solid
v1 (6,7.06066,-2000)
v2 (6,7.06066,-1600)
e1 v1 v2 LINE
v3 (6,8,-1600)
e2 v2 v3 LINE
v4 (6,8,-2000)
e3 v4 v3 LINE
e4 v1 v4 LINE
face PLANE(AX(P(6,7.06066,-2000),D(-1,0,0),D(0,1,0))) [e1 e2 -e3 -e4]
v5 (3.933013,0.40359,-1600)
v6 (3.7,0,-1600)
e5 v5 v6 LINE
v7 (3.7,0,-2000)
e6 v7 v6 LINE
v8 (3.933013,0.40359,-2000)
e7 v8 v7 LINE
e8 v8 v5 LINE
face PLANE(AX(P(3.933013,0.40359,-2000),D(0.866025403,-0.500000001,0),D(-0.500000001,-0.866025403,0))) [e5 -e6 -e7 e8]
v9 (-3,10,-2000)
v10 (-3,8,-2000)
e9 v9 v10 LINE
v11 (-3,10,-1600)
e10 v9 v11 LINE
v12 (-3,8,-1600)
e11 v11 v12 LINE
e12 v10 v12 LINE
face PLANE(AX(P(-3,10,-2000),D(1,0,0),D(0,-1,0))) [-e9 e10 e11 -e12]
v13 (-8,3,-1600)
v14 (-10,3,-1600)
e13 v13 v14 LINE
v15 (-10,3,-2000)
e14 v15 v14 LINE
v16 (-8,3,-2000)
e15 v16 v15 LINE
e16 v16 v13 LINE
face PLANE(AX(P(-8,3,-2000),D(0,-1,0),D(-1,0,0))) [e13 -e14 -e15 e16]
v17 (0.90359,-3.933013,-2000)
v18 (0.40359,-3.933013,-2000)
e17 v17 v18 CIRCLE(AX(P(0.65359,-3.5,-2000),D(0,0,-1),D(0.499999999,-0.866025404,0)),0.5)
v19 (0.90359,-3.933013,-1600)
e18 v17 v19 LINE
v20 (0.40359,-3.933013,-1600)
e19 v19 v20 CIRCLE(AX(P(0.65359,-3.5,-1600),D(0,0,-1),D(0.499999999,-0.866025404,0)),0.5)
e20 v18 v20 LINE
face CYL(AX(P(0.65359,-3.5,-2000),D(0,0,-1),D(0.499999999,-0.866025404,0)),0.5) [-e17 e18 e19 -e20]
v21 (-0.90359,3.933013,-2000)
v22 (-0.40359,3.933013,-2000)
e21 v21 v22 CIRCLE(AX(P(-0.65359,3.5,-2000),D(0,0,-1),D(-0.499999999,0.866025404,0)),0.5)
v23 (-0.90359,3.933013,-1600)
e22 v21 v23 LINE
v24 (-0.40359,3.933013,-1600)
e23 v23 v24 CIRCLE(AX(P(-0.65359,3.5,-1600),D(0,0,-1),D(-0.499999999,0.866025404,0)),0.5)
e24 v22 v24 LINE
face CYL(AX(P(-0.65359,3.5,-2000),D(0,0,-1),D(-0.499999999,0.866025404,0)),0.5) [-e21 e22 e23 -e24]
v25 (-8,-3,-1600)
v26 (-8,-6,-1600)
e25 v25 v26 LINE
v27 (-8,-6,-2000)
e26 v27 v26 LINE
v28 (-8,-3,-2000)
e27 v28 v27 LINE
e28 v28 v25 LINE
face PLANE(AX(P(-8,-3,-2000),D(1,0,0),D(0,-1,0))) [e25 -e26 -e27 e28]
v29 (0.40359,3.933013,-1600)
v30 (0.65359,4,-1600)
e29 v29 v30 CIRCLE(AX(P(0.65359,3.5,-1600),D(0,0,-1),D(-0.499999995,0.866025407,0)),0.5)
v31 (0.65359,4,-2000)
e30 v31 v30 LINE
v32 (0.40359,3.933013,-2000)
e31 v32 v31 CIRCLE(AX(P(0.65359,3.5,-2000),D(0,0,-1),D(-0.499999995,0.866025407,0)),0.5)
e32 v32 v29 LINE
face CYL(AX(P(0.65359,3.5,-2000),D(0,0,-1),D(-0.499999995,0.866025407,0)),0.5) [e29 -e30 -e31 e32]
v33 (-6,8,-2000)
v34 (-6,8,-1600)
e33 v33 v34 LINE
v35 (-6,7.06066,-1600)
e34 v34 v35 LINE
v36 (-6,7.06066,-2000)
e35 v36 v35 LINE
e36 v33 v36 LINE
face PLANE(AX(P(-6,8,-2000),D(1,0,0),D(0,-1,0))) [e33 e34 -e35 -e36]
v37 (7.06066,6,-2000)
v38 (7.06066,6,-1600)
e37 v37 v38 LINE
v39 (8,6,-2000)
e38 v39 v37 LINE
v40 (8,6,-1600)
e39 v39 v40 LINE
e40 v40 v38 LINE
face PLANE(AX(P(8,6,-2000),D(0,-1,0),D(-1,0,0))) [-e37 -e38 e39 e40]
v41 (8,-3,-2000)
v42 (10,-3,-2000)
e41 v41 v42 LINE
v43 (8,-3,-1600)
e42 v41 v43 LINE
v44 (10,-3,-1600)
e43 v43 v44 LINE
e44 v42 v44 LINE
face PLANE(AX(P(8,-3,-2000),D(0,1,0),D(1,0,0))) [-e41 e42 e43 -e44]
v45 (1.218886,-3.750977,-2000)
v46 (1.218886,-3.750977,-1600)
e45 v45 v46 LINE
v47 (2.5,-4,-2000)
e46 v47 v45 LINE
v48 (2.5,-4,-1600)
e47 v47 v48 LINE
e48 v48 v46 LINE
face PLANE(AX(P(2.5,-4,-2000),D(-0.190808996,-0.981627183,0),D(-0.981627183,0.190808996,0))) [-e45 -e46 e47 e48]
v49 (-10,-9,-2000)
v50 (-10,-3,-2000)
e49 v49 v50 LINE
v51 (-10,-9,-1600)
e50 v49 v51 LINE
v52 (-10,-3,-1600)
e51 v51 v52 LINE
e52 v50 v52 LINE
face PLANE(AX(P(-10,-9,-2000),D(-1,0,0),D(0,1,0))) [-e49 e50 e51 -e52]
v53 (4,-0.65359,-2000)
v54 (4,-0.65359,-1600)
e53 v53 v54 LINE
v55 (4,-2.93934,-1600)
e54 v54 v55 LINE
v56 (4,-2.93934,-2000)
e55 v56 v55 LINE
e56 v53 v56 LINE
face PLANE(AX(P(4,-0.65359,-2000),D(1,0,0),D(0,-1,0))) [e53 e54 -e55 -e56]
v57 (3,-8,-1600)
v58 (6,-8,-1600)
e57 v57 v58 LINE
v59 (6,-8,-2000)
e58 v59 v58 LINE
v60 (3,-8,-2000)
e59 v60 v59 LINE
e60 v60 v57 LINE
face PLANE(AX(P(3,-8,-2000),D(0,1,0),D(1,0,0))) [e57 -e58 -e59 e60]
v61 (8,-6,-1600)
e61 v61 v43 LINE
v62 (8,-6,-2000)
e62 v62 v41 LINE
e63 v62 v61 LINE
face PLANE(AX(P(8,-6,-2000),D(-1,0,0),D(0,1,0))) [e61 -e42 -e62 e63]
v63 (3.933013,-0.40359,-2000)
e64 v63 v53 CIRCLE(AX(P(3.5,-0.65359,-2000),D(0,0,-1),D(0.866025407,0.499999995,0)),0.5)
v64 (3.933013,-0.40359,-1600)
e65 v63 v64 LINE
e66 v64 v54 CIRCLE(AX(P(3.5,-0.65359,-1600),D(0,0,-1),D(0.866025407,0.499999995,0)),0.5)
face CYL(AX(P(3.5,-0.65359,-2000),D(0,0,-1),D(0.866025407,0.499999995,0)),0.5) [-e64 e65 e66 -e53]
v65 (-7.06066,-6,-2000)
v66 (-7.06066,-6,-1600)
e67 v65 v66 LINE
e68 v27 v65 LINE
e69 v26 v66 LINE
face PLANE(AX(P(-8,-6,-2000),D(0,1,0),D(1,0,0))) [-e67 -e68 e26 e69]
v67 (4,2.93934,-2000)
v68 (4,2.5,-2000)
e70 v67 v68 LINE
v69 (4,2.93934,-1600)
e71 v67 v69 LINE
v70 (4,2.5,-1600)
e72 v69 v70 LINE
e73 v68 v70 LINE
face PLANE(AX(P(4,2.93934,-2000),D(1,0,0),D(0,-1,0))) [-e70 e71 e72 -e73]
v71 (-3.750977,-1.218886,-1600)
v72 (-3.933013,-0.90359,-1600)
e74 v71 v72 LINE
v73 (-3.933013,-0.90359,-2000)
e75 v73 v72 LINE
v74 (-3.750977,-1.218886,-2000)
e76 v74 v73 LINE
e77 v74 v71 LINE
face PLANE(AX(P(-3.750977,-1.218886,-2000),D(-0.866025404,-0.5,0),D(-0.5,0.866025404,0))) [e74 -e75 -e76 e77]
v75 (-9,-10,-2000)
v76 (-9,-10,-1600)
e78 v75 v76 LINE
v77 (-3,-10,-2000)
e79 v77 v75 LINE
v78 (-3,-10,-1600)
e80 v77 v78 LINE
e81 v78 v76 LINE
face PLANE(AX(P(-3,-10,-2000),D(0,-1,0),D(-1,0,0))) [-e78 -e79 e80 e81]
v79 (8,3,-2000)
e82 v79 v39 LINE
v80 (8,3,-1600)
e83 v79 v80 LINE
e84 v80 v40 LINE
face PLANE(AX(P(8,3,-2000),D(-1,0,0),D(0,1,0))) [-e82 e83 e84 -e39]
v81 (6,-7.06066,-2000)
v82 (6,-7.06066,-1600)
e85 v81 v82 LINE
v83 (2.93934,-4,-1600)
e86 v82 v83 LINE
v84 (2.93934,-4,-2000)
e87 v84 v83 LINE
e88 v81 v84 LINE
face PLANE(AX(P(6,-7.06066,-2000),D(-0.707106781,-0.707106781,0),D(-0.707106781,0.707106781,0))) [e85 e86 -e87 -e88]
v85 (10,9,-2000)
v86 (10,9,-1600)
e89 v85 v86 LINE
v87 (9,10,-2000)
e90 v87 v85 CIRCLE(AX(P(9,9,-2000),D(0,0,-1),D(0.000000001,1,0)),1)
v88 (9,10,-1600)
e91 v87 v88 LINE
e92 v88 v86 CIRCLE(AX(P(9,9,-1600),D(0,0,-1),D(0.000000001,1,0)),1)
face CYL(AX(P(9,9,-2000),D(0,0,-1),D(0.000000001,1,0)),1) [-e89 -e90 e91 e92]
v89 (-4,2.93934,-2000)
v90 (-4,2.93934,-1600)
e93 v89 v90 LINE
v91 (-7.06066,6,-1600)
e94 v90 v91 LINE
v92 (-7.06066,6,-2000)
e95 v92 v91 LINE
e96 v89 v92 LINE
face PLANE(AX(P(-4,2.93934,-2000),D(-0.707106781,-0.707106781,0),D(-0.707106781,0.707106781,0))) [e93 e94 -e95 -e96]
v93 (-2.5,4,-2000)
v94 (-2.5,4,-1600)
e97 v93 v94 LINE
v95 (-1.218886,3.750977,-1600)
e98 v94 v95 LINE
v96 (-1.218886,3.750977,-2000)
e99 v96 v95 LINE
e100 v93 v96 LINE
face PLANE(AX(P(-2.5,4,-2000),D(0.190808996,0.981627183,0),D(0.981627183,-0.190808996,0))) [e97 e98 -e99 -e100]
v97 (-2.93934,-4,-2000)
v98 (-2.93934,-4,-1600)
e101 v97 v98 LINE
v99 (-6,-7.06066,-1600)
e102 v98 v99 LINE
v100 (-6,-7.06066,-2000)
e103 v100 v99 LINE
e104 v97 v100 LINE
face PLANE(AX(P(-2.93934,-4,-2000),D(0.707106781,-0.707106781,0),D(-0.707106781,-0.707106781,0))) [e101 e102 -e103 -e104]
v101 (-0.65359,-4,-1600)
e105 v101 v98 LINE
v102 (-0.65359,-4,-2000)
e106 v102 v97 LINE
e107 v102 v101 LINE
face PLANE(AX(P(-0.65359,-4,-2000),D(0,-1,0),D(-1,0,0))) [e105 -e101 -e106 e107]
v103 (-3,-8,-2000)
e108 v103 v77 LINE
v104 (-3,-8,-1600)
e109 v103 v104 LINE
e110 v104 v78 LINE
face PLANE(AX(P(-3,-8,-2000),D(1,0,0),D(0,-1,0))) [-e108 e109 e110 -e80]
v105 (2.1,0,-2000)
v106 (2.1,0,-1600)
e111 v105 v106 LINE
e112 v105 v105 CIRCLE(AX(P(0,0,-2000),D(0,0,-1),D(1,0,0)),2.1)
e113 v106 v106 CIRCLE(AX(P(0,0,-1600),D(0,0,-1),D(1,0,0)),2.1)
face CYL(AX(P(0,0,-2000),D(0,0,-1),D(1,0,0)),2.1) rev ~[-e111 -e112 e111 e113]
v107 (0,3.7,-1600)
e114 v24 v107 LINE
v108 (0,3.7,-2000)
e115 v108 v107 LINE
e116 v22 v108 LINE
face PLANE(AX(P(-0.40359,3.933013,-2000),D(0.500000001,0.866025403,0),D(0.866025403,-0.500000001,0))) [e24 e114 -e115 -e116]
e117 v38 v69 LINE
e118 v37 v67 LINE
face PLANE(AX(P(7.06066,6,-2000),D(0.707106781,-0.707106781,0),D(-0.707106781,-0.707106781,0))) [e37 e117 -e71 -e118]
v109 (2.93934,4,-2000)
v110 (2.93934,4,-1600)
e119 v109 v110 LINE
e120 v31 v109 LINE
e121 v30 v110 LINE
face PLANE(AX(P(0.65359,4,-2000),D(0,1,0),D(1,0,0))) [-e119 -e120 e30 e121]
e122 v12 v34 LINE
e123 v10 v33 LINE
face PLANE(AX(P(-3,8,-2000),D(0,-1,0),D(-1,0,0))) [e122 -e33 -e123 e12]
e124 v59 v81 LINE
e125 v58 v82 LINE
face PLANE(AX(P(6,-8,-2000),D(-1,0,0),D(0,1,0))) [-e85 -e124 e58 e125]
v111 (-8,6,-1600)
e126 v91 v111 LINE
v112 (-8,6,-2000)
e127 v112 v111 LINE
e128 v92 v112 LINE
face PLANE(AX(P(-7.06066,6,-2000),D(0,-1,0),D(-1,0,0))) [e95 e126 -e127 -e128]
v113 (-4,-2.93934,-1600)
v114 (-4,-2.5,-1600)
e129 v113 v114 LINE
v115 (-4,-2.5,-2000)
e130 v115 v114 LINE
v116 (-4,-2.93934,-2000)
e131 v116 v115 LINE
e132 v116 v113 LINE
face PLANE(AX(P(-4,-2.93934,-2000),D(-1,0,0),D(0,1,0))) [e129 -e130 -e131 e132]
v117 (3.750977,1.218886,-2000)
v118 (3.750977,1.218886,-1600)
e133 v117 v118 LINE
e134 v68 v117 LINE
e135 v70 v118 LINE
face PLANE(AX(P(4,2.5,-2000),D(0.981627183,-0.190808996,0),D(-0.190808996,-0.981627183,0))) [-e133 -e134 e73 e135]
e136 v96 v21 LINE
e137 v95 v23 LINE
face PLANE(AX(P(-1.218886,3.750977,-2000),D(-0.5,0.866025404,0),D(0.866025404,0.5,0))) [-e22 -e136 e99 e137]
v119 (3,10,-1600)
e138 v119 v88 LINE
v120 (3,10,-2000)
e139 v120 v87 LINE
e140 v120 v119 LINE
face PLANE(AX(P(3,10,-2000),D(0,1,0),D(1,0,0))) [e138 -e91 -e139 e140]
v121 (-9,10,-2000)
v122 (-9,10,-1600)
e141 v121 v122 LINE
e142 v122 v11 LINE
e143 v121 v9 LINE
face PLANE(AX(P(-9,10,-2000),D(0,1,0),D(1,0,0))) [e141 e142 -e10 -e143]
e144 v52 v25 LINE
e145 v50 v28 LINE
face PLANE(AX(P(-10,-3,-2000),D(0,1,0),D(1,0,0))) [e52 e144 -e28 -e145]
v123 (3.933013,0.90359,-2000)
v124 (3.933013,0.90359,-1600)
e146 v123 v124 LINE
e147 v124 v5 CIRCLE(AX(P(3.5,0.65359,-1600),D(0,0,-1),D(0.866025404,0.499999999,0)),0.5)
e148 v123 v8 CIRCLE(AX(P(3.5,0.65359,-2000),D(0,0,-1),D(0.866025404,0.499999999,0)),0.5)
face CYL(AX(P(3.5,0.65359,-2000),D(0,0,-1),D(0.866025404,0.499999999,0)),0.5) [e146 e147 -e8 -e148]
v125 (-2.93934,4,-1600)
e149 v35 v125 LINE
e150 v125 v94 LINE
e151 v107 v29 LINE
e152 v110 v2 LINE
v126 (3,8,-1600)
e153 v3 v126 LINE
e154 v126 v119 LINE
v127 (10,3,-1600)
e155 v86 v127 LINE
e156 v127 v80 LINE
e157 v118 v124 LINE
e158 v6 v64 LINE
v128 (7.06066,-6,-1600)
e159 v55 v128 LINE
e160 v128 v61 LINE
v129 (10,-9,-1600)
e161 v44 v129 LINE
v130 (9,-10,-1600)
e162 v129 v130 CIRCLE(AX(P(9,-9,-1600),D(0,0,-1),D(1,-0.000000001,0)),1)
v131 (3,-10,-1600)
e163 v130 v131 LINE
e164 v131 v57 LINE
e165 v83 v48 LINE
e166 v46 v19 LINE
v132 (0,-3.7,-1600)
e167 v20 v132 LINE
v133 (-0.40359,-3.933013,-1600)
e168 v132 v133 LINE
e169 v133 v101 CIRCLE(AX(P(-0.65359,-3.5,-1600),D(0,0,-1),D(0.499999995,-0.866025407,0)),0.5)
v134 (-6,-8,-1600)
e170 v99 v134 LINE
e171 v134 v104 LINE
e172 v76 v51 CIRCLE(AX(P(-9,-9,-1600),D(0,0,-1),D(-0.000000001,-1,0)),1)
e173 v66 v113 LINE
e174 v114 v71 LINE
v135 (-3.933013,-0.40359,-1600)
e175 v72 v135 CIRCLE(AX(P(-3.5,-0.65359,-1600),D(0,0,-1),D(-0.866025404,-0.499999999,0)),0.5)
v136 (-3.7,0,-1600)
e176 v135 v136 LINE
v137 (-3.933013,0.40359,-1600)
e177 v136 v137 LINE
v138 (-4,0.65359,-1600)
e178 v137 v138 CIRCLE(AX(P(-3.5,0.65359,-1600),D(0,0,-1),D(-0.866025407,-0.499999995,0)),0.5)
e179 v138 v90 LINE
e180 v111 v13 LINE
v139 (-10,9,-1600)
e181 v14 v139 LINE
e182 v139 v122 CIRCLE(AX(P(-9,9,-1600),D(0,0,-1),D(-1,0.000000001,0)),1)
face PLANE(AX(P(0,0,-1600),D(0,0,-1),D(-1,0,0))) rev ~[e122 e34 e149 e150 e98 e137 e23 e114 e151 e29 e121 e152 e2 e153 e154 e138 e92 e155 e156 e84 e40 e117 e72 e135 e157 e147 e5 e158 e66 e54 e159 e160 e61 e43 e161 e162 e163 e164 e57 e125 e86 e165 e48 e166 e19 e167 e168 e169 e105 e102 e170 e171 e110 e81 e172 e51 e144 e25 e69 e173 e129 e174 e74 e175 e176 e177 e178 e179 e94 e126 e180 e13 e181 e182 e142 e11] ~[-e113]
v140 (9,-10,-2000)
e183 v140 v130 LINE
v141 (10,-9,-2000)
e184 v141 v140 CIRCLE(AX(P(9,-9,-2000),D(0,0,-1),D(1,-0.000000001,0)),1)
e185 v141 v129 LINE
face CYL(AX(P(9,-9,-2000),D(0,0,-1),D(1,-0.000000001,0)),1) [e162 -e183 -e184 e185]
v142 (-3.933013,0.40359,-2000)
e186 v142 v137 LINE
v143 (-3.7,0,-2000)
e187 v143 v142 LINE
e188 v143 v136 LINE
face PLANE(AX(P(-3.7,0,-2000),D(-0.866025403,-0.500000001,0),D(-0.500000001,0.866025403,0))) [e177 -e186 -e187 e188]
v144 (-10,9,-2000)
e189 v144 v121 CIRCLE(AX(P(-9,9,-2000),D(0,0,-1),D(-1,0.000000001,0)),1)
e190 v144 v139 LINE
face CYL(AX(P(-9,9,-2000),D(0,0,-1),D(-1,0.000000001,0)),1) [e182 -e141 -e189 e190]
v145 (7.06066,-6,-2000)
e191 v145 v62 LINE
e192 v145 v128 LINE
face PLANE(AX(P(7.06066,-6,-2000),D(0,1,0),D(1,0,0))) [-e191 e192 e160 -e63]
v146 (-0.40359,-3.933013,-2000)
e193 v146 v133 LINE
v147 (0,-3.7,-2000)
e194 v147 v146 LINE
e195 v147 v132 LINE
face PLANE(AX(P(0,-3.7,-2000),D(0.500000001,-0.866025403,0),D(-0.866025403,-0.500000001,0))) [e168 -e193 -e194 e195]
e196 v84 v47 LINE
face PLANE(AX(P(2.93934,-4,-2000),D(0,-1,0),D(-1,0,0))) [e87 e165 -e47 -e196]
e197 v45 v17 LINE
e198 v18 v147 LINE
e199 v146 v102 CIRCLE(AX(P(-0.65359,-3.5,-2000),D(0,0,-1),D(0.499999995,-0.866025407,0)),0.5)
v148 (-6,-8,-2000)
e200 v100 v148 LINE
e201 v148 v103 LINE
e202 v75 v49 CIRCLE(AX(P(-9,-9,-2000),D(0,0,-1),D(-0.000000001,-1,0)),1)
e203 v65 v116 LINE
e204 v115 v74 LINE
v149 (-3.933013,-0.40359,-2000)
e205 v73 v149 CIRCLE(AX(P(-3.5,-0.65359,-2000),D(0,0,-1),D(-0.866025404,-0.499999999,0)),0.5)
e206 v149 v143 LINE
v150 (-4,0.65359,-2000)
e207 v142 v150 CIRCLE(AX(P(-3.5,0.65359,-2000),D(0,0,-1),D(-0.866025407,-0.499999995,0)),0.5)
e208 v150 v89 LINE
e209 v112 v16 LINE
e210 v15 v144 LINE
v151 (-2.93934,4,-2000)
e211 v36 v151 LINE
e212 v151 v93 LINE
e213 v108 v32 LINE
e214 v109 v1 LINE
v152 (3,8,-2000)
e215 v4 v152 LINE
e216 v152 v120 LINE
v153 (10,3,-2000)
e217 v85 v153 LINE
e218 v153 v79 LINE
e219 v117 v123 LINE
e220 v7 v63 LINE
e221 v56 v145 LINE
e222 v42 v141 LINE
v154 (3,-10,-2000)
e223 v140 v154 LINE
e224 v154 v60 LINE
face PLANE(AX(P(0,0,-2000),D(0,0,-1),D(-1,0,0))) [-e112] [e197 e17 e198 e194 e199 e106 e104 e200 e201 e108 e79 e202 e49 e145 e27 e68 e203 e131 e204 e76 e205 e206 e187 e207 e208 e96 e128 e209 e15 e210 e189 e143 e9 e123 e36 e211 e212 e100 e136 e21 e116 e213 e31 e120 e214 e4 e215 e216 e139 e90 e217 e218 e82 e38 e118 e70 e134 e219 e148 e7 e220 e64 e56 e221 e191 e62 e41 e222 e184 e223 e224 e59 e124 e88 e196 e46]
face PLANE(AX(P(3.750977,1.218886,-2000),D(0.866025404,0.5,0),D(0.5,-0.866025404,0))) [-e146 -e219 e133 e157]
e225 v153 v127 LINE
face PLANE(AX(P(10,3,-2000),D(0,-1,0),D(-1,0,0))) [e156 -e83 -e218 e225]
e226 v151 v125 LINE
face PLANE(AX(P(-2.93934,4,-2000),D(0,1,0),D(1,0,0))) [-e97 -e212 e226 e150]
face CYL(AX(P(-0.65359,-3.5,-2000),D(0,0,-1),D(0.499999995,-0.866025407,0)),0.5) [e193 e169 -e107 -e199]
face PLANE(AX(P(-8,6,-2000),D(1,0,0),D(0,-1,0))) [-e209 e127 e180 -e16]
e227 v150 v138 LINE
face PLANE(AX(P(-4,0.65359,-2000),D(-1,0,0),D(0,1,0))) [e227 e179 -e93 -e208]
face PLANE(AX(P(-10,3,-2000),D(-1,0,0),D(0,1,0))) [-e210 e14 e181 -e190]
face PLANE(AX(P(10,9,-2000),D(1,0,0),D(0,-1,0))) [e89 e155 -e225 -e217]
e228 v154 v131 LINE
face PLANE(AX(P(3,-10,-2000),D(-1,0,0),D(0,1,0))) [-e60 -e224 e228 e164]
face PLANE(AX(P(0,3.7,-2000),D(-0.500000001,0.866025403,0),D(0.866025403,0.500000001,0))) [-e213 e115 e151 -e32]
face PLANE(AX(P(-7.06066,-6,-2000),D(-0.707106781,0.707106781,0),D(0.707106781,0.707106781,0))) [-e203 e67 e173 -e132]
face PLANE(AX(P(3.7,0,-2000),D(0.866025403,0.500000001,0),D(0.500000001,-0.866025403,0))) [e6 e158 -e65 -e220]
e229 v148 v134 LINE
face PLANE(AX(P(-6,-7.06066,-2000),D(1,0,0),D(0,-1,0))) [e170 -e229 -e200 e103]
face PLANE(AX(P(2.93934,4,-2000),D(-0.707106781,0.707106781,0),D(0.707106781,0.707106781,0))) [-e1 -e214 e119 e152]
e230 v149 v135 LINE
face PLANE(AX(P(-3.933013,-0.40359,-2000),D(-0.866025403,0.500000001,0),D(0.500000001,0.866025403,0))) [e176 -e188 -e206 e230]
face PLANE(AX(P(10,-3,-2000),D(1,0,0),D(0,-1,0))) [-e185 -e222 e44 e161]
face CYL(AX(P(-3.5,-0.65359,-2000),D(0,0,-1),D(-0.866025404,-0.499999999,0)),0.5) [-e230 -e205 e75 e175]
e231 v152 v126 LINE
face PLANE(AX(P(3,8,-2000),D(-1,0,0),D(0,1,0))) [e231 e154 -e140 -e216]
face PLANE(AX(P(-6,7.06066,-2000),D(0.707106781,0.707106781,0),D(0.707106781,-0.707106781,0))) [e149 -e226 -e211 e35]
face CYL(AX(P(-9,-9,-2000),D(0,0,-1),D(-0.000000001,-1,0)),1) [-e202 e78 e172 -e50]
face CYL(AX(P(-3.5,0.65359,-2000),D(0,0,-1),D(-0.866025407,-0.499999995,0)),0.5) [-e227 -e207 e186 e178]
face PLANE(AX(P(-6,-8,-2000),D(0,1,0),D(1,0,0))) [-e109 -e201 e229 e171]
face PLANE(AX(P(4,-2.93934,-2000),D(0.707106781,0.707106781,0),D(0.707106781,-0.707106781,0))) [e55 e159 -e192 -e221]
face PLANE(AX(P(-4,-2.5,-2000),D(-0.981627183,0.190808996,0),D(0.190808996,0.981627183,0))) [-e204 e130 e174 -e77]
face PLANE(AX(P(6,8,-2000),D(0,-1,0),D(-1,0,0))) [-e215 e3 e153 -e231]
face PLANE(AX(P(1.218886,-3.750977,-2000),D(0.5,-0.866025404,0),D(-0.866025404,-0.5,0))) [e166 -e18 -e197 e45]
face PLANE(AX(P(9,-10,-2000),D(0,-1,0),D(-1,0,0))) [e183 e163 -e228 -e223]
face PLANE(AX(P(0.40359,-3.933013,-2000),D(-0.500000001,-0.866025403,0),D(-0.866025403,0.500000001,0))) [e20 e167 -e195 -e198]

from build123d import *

# Parameters (mm, degrees)
SKETCH1_R           = 2.1
BOSS_EXTRUDE1_DEPTH = 400


with BuildPart() as part:
    # Sketch1 → Boss-Extrude1 (new body)
    with BuildSketch(Plane(origin=(0, 0, -2000), x_dir=(-1, 0, 0), z_dir=(0, 0, -1))):
        with BuildLine():
            Line((10, -3), (8, -3))
            Line((8, -3), (8, -6))
            Line((8, -6), (7.060660172, -6))
            Line((7.060660172, -6), (4, -2.939339828))
            Line((4, -2.939339828), (4, -2.5))
            Line((4, -2.5), (3.750976592, -1.218885629))
            Line((3.750976592, -1.218885629), (3.933012702, -0.903589838))
            ThreePointArc((3.933012702, -0.903589838), (4, -0.653589838), (3.933012702, -0.403589838))
            Line((3.933012702, -0.403589838), (3.7, 0))
            Line((3.7, 0), (3.933012702, 0.403589838))
            ThreePointArc((3.933012702, 0.403589838), (3.982962913, 0.524180316), (4, 0.653589838))
            Line((4, 0.653589838), (4, 2.939339828))
            Line((4, 2.939339828), (7.060660172, 6))
            Line((7.060660172, 6), (8, 6))
            Line((8, 6), (8, 3))
            Line((8, 3), (10, 3))
            Line((10, 3), (10, 9))
            ThreePointArc((10, 9), (9.707106781, 9.707106781), (9, 10))
            Line((9, 10), (3, 10))
            Line((3, 10), (3, 8))
            Line((3, 8), (6, 8))
            Line((6, 8), (6, 7.060660172))
            Line((6, 7.060660172), (2.939339828, 4))
            Line((2.939339828, 4), (2.5, 4))
            Line((2.5, 4), (1.218885629, 3.750976592))
            Line((1.218885629, 3.750976592), (0.903589838, 3.933012702))
            ThreePointArc((0.903589838, 3.933012702), (0.653589838, 4), (0.403589838, 3.933012702))
            Line((0.403589838, 3.933012702), (0, 3.7))
            Line((0, 3.7), (-0.403589838, 3.933012702))
            ThreePointArc((-0.403589838, 3.933012702), (-0.524180316, 3.982962913), (-0.653589838, 4))
            Line((-0.653589838, 4), (-2.939339828, 4))
            Line((-2.939339828, 4), (-6, 7.060660172))
            Line((-6, 7.060660172), (-6, 8))
            Line((-6, 8), (-3, 8))
            Line((-3, 8), (-3, 10))
            Line((-3, 10), (-9, 10))
            ThreePointArc((-9, 10), (-9.707106781, 9.707106781), (-10, 9))
            Line((-10, 9), (-10, 3))
            Line((-10, 3), (-8, 3))
            Line((-8, 3), (-8, 6))
            Line((-8, 6), (-7.060660172, 6))
            Line((-7.060660172, 6), (-4, 2.939339828))
            Line((-4, 2.939339828), (-4, 2.5))
            Line((-4, 2.5), (-3.750976592, 1.218885629))
            Line((-3.750976592, 1.218885629), (-3.933012702, 0.903589838))
            ThreePointArc((-3.933012702, 0.903589838), (-4, 0.653589838), (-3.933012702, 0.403589838))
            Line((-3.933012702, 0.403589838), (-3.7, 0))
            Line((-3.7, 0), (-3.933012702, -0.403589838))
            ThreePointArc((-3.933012702, -0.403589838), (-3.982962913, -0.524180316), (-4, -0.653589838))
            Line((-4, -0.653589838), (-4, -2.939339828))
            Line((-4, -2.939339828), (-7.060660172, -6))
            Line((-7.060660172, -6), (-8, -6))
            Line((-8, -6), (-8, -3))
            Line((-8, -3), (-10, -3))
            Line((-10, -3), (-10, -9))
            ThreePointArc((-10, -9), (-9.707106781, -9.707106781), (-9, -10))
            Line((-9, -10), (-3, -10))
            Line((-3, -10), (-3, -8))
            Line((-3, -8), (-6, -8))
            Line((-6, -8), (-6, -7.060660172))
            Line((-6, -7.060660172), (-2.939339828, -4))
            Line((-2.939339828, -4), (-2.5, -4))
            Line((-2.5, -4), (-1.218885629, -3.750976592))
            Line((-1.218885629, -3.750976592), (-0.903589838, -3.933012702))
            ThreePointArc((-0.903589838, -3.933012702), (-0.653589838, -4), (-0.403589838, -3.933012702))
            Line((-0.403589838, -3.933012702), (0, -3.7))
            Line((0, -3.7), (0.403589838, -3.933012702))
            ThreePointArc((0.403589838, -3.933012702), (0.524180316, -3.982962913), (0.653589838, -4))
            Line((0.653589838, -4), (2.939339828, -4))
            Line((2.939339828, -4), (6, -7.060660172))
            Line((6, -7.060660172), (6, -8))
            Line((6, -8), (3, -8))
            Line((3, -8), (3, -10))
            Line((3, -10), (9, -10))
            ThreePointArc((9, -10), (9.707106781, -9.707106781), (10, -9))
            Line((10, -9), (10, -3))
        make_face()
        with Locations(Location((0, 0, 0), (0, 0, 180))):
            Circle(SKETCH1_R, mode=Mode.SUBTRACT)
    extrude(amount=-BOSS_EXTRUDE1_DEPTH)


solid = part.part
